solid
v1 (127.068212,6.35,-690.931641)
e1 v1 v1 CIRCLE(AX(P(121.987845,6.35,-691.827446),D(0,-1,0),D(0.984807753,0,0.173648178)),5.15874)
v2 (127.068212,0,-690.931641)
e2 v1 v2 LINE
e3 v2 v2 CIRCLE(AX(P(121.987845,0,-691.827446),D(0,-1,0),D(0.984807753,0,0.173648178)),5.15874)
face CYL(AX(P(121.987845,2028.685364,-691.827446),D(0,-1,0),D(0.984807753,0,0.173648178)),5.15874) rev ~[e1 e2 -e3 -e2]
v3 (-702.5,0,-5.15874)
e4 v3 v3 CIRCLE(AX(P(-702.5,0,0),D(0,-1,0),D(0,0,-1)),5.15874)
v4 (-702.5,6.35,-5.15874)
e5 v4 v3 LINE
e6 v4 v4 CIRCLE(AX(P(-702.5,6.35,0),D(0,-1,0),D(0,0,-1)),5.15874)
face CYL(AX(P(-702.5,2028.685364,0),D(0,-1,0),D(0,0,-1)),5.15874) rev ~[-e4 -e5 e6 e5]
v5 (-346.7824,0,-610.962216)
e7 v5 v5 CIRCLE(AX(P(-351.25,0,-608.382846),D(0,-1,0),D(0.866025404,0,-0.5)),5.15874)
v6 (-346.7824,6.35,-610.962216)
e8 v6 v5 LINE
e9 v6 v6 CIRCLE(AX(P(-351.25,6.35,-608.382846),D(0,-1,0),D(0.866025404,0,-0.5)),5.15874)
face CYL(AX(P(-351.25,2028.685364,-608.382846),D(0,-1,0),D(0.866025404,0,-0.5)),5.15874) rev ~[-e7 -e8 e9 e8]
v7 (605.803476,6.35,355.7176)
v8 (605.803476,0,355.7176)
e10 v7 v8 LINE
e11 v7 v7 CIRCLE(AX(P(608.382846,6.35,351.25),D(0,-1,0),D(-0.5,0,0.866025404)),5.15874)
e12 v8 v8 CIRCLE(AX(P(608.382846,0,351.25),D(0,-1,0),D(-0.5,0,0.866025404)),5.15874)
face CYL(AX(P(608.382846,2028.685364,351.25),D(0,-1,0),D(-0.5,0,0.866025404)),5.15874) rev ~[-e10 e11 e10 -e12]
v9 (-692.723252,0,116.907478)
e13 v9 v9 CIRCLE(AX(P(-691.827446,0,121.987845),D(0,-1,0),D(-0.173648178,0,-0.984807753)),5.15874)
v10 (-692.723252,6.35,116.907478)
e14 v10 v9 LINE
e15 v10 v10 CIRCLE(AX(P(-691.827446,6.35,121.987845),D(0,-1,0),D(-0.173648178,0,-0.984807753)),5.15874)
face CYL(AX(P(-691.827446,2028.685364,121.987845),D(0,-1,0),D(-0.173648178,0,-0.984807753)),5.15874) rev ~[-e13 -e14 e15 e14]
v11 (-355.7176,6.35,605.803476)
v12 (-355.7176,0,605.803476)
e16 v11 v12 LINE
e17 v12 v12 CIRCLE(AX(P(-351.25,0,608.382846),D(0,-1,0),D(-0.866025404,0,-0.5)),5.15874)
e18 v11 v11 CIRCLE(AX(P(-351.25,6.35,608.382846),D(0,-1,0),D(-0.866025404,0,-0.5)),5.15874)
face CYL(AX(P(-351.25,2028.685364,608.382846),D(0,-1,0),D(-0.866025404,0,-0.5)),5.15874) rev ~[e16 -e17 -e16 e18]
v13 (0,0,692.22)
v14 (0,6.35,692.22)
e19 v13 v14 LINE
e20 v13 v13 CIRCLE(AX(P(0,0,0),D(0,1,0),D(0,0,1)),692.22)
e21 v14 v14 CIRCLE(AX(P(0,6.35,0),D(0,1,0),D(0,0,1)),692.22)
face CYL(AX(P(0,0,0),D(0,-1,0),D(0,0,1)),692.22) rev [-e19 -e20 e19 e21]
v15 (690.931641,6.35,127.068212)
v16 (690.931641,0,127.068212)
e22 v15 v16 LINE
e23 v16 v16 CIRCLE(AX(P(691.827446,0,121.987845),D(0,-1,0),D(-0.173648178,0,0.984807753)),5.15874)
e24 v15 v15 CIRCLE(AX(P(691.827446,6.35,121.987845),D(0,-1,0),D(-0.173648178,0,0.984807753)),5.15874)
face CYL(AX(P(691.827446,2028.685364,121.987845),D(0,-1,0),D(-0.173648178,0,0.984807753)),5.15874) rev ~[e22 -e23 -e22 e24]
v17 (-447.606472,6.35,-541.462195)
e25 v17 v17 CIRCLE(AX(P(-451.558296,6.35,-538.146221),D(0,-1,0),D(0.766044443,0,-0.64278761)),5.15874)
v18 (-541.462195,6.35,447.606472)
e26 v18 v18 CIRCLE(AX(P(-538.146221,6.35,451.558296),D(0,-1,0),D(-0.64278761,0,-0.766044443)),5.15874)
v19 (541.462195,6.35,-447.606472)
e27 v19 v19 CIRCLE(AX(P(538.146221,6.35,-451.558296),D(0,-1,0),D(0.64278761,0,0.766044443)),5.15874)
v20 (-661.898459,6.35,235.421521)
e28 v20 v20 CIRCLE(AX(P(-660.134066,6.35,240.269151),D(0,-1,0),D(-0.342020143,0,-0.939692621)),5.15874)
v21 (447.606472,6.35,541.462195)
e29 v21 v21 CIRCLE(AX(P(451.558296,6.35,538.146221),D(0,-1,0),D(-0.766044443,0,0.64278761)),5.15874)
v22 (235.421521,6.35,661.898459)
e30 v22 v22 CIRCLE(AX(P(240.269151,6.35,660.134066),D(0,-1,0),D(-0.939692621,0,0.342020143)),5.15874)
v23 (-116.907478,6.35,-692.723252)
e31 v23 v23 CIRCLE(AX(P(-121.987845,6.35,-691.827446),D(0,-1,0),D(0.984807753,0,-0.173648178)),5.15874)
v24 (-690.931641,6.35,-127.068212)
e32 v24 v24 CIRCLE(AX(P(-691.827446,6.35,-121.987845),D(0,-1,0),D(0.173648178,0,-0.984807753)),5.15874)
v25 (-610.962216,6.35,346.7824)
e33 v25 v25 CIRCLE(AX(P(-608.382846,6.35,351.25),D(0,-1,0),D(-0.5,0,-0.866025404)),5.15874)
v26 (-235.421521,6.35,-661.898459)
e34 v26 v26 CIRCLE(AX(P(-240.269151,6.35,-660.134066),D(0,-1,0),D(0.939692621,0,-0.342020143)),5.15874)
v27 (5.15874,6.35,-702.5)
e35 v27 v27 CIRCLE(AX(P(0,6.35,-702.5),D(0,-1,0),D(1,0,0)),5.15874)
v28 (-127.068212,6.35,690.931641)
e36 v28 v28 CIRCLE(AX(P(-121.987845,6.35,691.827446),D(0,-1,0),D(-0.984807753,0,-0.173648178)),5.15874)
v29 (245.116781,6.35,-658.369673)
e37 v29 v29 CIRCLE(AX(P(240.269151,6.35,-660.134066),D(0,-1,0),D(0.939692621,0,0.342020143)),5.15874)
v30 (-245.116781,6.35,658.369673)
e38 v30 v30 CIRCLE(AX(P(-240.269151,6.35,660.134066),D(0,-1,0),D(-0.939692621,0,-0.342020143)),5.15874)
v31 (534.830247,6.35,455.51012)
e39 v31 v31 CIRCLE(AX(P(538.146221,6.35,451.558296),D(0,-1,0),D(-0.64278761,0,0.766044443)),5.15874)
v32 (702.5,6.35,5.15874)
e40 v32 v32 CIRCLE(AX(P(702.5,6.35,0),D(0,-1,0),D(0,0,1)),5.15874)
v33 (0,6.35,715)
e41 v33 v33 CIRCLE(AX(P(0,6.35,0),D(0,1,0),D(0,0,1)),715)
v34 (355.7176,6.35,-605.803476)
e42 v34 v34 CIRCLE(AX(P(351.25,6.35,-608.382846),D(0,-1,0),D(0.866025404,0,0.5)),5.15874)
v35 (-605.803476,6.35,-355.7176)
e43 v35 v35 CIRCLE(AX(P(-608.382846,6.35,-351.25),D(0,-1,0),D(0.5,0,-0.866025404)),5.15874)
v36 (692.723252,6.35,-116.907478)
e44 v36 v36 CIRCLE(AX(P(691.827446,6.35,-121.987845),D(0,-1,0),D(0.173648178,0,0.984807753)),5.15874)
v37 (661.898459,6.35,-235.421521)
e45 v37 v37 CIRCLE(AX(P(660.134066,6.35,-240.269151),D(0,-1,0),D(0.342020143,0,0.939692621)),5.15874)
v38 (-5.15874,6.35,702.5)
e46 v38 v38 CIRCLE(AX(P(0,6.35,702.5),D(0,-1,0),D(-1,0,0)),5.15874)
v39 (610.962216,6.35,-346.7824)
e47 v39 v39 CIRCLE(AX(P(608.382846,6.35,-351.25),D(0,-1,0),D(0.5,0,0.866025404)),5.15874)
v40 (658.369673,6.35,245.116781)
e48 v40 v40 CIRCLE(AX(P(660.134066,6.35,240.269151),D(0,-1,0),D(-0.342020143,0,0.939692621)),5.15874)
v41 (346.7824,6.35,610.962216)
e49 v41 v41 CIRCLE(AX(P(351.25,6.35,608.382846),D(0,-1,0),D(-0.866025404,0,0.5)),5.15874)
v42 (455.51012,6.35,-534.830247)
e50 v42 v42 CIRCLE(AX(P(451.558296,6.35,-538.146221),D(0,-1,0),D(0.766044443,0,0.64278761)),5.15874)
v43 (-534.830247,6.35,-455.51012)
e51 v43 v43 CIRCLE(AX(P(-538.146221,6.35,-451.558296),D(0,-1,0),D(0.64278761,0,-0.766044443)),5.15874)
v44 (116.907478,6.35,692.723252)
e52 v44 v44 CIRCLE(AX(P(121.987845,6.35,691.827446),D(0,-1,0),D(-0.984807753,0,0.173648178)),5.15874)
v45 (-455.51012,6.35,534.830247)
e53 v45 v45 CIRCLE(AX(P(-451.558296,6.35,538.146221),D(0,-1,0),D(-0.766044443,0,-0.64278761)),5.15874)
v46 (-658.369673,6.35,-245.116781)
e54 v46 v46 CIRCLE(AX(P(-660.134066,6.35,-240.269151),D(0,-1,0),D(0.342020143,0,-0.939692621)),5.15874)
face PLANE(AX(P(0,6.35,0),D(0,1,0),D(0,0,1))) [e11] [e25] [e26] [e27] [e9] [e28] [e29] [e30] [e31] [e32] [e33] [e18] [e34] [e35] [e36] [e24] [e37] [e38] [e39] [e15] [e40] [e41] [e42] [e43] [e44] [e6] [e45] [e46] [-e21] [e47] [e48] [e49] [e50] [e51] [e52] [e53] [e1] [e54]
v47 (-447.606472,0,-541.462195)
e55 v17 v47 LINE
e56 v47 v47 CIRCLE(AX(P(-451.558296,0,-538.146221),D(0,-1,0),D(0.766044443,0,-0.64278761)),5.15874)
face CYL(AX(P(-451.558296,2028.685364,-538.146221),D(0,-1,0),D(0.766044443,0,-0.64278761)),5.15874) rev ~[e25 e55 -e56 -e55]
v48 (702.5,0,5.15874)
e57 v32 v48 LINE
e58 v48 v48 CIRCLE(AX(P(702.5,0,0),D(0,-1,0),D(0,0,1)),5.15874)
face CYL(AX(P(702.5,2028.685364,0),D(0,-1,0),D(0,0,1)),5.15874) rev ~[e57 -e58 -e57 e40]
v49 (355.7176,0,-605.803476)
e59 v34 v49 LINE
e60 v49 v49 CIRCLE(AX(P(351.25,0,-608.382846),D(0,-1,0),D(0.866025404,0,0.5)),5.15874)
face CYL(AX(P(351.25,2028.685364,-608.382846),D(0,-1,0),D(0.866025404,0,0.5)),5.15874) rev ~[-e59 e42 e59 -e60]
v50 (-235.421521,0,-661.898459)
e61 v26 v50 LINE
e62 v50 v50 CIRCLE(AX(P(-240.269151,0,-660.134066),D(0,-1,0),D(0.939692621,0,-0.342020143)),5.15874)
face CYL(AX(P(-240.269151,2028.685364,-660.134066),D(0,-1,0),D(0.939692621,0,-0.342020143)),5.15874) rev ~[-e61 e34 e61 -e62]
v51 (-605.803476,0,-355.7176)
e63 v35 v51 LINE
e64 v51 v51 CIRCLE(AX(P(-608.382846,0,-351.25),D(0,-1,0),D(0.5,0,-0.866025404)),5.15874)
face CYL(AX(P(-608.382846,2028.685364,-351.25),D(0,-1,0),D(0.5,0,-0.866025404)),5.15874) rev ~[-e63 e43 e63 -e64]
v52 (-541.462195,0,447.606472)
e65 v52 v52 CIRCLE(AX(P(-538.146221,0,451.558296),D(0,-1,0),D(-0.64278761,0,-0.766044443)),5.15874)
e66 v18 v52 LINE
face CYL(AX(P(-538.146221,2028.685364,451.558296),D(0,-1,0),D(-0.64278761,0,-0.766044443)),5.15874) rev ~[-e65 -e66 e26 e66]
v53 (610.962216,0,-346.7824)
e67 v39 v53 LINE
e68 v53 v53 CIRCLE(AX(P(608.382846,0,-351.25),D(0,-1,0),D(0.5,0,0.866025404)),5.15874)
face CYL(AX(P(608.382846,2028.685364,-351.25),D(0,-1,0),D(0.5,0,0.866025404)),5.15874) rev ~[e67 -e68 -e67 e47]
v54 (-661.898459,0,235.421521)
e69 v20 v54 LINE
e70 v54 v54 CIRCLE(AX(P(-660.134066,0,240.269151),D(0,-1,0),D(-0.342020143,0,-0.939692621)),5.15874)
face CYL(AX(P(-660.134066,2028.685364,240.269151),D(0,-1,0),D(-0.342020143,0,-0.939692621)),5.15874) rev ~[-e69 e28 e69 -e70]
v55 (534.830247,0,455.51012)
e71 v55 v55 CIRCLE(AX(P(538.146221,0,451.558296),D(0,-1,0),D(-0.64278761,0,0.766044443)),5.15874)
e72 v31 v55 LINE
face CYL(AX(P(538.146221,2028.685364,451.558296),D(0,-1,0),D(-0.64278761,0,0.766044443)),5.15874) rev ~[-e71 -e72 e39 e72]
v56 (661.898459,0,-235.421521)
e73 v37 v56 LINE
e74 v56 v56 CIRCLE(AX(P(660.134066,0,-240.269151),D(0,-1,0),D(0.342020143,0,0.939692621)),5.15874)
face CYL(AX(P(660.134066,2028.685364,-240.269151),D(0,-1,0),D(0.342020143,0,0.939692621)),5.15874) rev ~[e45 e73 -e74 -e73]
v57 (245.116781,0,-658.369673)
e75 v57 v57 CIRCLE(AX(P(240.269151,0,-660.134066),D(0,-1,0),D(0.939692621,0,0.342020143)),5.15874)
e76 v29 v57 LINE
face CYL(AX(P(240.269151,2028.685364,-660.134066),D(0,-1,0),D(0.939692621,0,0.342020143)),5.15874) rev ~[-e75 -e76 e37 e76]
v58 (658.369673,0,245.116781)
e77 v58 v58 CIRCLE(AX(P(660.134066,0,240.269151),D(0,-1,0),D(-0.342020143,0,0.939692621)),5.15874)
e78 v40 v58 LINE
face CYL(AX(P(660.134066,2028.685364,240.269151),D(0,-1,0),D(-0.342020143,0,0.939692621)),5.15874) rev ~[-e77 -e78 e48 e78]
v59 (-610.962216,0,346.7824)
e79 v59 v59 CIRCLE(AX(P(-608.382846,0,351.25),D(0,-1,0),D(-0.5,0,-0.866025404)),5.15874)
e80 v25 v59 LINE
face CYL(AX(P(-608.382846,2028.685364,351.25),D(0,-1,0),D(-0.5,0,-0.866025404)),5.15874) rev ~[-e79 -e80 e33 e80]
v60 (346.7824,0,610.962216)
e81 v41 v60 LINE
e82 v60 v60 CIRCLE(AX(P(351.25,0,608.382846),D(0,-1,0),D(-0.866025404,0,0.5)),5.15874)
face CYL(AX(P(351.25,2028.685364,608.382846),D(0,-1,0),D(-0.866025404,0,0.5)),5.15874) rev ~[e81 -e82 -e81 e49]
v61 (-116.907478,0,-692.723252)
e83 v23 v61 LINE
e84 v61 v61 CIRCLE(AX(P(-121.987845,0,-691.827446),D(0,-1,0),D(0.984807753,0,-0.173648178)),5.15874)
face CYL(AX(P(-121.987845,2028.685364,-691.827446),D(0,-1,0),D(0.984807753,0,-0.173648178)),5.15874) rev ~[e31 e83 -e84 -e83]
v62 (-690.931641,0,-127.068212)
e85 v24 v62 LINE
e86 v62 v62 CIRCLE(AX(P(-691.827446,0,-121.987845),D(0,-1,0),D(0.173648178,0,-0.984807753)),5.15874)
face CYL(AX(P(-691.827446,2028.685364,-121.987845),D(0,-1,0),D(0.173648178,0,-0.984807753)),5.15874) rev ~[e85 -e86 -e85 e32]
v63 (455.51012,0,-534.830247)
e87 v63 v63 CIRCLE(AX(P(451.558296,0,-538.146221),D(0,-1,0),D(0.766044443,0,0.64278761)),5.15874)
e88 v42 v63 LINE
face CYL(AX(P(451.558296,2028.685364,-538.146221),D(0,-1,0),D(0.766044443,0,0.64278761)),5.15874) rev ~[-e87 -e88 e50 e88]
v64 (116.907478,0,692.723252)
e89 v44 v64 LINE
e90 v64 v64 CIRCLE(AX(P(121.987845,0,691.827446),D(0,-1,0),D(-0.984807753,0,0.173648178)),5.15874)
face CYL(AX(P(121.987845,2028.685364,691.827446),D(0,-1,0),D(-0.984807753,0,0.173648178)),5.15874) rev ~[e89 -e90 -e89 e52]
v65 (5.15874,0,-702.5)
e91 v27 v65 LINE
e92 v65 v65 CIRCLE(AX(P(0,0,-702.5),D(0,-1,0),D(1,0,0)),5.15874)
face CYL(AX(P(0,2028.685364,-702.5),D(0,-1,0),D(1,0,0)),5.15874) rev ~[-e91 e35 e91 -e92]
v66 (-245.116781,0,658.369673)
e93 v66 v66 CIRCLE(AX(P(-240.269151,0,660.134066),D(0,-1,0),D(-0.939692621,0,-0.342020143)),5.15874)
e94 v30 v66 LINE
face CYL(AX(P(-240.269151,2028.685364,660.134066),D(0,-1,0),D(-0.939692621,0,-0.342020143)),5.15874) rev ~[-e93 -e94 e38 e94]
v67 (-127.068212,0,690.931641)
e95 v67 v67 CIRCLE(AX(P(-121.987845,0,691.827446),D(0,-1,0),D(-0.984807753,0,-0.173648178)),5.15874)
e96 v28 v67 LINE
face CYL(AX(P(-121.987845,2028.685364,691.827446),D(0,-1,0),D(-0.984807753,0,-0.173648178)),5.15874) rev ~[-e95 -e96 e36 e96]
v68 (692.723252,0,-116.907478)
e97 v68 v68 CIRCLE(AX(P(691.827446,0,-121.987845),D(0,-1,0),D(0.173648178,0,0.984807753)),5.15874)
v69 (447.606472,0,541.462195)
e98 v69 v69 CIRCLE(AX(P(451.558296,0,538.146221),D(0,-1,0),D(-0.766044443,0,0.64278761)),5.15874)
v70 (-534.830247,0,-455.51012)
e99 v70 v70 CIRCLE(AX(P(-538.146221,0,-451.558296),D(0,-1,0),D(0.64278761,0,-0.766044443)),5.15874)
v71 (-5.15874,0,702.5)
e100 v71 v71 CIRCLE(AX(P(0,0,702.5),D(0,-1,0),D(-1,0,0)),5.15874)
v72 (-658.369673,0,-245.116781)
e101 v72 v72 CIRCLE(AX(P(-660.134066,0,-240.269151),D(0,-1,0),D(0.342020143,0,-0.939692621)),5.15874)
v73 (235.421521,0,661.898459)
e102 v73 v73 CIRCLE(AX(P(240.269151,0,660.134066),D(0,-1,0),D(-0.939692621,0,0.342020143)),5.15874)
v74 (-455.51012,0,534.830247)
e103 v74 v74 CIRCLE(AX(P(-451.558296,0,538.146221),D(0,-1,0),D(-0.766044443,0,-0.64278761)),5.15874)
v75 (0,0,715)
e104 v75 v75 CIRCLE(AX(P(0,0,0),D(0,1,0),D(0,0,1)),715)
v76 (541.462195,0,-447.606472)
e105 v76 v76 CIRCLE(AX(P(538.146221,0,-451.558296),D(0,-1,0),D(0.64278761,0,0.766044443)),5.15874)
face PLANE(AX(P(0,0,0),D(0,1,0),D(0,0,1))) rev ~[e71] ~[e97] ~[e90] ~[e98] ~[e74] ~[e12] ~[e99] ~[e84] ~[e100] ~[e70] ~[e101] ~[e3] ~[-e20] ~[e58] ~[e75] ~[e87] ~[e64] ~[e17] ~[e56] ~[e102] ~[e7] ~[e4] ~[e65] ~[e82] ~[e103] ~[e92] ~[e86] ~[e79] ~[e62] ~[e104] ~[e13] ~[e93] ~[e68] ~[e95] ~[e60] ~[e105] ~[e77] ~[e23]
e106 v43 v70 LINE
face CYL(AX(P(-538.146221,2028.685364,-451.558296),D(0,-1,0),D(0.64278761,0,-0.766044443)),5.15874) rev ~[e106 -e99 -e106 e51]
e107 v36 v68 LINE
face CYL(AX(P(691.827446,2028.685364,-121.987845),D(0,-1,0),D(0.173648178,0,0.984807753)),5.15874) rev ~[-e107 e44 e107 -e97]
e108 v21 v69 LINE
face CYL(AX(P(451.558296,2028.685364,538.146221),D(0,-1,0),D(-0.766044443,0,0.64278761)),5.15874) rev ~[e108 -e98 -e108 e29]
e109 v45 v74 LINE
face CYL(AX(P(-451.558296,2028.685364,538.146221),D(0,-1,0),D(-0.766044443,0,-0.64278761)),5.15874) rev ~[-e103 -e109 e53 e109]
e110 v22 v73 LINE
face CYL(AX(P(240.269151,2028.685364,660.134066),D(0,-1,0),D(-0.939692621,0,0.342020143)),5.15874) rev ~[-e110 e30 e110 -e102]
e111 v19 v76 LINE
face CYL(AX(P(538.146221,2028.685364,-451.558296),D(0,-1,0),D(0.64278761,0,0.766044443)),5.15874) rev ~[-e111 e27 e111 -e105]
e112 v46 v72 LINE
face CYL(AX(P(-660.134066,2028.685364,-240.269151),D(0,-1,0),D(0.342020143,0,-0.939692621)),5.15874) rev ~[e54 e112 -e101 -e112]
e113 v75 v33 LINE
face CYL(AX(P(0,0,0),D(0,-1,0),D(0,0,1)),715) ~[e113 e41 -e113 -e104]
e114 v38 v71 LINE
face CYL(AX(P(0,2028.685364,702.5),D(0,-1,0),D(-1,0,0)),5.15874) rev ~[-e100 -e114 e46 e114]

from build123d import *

# Parameters (mm, degrees)
SKETCH1_R               = 715
SKETCH1_R_2             = 692.22
BOSS_EXTRUDE1_DEPTH     = 6.35
F_3_8_CLEARANCE_HOLE1_D = 10.31748
CIRPATTERN1_COUNT       = 36


with BuildPart() as part:
    # Sketch1 → Boss-Extrude1 (new body)
    with BuildSketch(Plane(origin=(0, 0, 0), x_dir=(1, 0, 0), z_dir=(0, 1, 0))):
        with Locations(Location((0, 0, 0), (0, 0, 270))):
            Circle(SKETCH1_R)
        with Locations(Location((0, 0, 0), (0, 0, 270))):
            Circle(SKETCH1_R_2, mode=Mode.SUBTRACT)
    extrude(amount=BOSS_EXTRUDE1_DEPTH)

    # 3/8 Clearance Hole1 (through all)
    with Locations(Plane(origin=(0, 6.35, 0), x_dir=(1, 0, 0), z_dir=(0, 1, 0))):
        with Locations((0, -702.5)):
            f_3_8_clearance_hole1 = Hole(F_3_8_CLEARANCE_HOLE1_D / 2)

    # CirPattern1: 3/8 Clearance Hole1 ×36 about axis
    cirpattern1_axis = Axis((0, 0, 0), (0, 1, 0))
    for i in range(1, CIRPATTERN1_COUNT):
        add(f_3_8_clearance_hole1.rotate(cirpattern1_axis, i * 360 / CIRPATTERN1_COUNT), mode=Mode.SUBTRACT)


solid = part.part
